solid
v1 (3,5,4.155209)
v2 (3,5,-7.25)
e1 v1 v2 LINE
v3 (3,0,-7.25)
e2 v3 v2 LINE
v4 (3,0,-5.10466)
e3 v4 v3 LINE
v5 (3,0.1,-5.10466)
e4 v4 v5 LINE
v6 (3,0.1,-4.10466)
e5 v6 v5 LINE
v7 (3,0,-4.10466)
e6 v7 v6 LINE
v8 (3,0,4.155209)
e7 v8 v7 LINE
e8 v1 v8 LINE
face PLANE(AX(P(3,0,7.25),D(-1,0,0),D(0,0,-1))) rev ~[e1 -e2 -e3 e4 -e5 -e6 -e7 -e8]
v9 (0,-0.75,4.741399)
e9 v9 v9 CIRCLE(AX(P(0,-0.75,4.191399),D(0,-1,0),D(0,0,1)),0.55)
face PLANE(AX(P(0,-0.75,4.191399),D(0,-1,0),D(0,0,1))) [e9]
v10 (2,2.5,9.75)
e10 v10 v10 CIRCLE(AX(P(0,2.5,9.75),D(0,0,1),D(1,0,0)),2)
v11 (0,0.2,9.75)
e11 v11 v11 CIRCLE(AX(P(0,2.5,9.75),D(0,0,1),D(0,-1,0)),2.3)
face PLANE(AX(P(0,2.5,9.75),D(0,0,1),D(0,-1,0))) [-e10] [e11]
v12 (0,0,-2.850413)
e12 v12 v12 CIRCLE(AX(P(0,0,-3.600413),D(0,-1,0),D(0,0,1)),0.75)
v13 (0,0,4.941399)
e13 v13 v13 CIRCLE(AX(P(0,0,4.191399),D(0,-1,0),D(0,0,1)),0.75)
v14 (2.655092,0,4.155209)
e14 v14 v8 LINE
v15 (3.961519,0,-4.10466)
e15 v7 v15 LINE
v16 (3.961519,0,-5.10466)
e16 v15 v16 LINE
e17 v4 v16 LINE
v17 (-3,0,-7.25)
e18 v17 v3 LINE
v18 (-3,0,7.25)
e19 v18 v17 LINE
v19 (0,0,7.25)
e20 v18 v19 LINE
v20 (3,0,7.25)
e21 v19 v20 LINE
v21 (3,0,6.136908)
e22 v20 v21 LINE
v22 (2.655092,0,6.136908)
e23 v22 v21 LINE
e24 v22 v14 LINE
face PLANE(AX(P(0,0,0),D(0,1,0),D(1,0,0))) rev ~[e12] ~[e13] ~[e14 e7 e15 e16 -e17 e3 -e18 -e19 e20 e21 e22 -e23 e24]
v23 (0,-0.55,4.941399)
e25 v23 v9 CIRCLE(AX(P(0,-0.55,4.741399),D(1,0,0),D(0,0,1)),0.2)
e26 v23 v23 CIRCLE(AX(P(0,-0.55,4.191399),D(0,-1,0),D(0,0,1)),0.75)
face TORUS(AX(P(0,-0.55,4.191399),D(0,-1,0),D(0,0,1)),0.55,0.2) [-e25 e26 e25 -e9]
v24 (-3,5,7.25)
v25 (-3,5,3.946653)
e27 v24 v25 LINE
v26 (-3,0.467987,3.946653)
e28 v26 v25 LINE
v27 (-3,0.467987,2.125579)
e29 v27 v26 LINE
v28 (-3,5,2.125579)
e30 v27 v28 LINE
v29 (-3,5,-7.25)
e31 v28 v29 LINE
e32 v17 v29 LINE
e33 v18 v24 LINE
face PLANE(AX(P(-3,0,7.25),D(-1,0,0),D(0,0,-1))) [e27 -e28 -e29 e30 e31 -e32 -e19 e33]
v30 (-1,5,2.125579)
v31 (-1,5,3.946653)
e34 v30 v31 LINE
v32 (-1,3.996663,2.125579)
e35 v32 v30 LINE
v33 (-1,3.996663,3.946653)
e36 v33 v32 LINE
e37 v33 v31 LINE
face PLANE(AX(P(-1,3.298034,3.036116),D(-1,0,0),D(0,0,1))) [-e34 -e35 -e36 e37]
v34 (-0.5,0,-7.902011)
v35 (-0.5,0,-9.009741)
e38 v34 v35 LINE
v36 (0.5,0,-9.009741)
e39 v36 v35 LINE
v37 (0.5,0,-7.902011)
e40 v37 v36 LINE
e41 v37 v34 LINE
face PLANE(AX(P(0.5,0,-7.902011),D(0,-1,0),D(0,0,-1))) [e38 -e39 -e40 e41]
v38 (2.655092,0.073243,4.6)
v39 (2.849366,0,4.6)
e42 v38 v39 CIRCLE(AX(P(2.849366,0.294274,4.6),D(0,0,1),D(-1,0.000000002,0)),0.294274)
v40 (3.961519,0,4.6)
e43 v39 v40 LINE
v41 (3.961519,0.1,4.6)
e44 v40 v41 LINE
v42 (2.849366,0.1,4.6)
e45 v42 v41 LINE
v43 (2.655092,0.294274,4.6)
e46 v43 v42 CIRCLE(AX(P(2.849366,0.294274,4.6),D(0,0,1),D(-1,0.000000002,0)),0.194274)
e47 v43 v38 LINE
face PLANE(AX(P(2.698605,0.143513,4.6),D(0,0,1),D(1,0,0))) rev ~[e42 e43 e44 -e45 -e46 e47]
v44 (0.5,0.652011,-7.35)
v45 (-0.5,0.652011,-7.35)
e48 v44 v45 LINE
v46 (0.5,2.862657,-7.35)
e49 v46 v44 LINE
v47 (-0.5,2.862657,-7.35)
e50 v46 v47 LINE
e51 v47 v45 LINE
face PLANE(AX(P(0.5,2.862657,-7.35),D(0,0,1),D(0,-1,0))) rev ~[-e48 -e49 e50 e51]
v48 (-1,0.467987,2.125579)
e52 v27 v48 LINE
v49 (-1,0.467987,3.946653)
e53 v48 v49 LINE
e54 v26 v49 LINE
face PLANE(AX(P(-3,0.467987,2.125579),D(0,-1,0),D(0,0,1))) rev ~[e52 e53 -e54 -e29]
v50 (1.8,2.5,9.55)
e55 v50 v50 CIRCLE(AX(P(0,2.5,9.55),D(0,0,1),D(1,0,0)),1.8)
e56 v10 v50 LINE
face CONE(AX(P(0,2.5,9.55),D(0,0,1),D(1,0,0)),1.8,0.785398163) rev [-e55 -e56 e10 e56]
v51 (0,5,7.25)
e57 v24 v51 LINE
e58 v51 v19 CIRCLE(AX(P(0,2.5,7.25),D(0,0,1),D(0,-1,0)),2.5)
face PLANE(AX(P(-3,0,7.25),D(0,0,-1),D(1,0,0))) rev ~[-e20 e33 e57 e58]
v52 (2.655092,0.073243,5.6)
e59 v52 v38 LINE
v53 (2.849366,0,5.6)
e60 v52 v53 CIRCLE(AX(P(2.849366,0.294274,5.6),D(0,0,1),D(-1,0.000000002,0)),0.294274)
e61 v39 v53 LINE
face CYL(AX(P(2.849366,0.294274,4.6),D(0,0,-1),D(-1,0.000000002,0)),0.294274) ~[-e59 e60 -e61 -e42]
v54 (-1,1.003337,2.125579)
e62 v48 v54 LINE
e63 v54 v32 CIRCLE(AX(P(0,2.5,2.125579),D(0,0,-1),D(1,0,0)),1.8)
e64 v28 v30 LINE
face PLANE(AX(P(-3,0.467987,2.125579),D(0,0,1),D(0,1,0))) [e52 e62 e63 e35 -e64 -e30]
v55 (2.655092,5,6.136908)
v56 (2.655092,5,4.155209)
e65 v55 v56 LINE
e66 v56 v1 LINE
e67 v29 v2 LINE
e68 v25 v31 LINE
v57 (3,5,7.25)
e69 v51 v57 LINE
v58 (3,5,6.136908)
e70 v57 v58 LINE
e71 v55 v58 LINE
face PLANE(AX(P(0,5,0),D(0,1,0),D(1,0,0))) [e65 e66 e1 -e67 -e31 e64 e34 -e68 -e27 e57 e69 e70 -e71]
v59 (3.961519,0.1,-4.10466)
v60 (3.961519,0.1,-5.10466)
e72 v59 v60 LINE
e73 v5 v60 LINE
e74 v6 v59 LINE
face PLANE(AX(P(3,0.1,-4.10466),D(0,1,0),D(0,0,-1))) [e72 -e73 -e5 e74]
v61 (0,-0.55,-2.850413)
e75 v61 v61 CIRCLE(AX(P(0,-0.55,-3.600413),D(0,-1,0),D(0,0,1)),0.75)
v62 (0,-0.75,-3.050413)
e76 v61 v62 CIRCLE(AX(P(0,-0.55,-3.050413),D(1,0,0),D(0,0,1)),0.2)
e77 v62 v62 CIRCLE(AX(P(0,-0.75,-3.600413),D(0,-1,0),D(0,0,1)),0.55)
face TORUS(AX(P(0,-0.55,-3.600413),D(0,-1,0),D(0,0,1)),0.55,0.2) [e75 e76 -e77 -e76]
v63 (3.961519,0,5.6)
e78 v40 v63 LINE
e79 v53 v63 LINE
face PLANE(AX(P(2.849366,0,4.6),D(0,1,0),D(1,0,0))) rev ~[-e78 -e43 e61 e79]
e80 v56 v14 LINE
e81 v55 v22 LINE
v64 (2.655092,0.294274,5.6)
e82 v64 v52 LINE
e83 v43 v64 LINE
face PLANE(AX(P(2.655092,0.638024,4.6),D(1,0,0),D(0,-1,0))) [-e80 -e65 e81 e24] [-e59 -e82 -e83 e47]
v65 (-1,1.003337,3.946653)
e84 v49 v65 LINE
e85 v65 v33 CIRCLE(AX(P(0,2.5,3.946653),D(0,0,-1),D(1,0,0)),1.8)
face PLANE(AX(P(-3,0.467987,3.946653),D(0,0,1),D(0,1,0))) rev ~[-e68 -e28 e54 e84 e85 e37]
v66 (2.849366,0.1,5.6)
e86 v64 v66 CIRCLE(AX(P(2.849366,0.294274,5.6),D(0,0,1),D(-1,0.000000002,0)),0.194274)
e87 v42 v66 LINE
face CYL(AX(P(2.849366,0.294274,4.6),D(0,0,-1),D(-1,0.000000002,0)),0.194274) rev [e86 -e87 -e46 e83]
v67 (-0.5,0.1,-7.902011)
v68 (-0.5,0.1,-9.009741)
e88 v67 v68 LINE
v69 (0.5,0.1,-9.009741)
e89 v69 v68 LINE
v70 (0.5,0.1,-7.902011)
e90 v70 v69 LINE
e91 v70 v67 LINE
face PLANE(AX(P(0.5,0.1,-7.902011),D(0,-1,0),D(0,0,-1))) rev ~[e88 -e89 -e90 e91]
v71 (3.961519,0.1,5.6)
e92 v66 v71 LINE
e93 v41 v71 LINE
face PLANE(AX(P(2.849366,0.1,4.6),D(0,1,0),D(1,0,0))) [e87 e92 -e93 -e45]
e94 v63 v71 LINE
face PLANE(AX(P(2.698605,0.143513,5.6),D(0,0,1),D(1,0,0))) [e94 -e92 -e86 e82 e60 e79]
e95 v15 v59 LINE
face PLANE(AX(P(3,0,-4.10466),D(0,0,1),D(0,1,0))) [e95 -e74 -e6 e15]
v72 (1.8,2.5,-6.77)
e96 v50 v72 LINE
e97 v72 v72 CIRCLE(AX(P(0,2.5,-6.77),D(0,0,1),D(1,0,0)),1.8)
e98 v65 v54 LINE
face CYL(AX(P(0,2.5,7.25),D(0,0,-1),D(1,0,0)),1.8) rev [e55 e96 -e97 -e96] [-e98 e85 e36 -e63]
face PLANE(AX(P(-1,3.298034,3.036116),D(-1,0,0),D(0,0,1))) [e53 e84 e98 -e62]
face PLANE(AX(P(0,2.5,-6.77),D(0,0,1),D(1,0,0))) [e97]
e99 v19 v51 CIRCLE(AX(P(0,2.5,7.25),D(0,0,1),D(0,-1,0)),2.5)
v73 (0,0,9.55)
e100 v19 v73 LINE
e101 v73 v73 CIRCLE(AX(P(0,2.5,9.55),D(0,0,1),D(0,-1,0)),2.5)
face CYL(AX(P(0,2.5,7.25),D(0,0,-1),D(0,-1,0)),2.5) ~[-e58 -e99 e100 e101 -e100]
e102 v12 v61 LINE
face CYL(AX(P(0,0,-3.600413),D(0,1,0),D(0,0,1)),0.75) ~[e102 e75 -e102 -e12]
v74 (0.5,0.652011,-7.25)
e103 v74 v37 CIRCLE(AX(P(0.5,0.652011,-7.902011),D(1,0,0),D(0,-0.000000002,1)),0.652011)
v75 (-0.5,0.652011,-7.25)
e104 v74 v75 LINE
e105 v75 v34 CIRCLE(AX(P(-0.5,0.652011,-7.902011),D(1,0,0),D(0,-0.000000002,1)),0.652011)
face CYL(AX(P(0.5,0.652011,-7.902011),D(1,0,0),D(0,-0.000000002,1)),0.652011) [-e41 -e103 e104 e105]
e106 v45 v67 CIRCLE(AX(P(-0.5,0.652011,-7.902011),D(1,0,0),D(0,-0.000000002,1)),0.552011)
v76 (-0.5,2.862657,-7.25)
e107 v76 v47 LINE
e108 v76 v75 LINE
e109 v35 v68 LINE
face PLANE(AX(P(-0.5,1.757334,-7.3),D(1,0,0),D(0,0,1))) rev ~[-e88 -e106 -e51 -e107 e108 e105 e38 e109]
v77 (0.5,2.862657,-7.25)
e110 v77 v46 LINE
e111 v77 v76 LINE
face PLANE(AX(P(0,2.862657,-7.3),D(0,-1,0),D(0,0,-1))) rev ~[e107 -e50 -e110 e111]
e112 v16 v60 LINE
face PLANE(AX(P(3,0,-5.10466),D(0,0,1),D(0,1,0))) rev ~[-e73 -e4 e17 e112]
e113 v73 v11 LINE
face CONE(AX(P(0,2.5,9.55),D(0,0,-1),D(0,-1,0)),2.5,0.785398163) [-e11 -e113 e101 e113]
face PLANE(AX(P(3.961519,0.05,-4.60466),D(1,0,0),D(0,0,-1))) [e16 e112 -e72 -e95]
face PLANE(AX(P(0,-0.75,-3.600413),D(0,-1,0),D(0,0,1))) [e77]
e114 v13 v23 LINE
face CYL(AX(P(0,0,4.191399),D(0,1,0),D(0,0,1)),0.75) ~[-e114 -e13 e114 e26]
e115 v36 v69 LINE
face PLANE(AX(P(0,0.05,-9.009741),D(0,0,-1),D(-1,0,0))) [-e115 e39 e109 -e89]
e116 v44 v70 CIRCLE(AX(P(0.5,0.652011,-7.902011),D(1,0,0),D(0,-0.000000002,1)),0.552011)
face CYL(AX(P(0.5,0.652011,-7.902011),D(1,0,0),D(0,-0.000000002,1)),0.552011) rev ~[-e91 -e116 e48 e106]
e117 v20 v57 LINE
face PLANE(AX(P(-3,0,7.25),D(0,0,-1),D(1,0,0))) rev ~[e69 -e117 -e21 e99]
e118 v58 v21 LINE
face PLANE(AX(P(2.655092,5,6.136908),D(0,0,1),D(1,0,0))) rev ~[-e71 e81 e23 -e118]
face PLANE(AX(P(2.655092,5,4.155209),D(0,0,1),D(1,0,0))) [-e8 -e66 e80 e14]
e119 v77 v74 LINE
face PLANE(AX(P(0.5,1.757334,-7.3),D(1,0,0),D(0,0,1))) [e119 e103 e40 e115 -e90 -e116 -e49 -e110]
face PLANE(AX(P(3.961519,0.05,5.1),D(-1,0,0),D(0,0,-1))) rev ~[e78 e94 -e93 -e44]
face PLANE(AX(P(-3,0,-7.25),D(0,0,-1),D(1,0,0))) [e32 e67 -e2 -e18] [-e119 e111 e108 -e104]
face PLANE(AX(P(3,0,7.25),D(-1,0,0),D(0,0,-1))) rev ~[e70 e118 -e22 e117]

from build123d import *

# Parameters (mm, degrees)
SKETCH2_W                = 6
SKETCH2_H                = 14.5
BOSS_EXTRUDE1_DEPTH      = 5
SKETCH3_R                = 2.5
SKETCH3_R_2              = 1.8
BOSS_EXTRUDE2_DEPTH      = 2.5
CHAMFER2_SIZE            = 0.2
CHAMFER3_SIZE            = 0.2
SKETCH4_R                = 1.8
CUT_EXTRUDE1_DEPTH       = 14.02
SKETCH5_R                = 0.75
BOSS_EXTRUDE3_DEPTH      = 0.75
FILLET1_R                = 0.2
SKETCH7_W                = 0.344908333
SKETCH7_H                = 1.981698852
CUT_EXTRUDE2_DEPTH       = 12.710038429
SURFACE_EXTRUDE1_1_BACK  = 0.5
SURFACE_EXTRUDE1_1_DEPTH = 1
THICKEN1_T1              = 0.1
SKETCH9_W                = 1
SKETCH9_H                = 0.1
BOSS_EXTRUDE4_DEPTH      = 0.961518788
SURFACE_EXTRUDE2_2_BACK  = 0.5
SURFACE_EXTRUDE2_2_DEPTH = 1
THICKEN2_T2              = 0.1
SKETCH11_W               = 1.821073917
SKETCH11_H               = 5.660094607
CUT_EXTRUDE3_DEPTH       = 2


with BuildPart() as part:
    # Sketch2 → Boss-Extrude1 (new body)
    with BuildSketch(Plane(origin=(0, 0, 0), x_dir=(1, 0, 0), z_dir=(0, 1, 0))):
        Rectangle(SKETCH2_W, SKETCH2_H)
    extrude(amount=BOSS_EXTRUDE1_DEPTH)

    # Sketch3 → Boss-Extrude2 (add)
    with BuildSketch(Plane.XY.offset(7.25)):
        with Locations(Location((0, 2.5, 0), (0, 0, 270))):
            Circle(SKETCH3_R)
        with Locations((0, 2.5)):
            Circle(SKETCH3_R_2, mode=Mode.SUBTRACT)
    extrude(amount=BOSS_EXTRUDE2_DEPTH)

    # Chamfer2
    chamfer2_edges = [part.edges().sort_by_distance(p)[0] for p in [
        (0, 5, 9.75),
    ]]
    chamfer(chamfer2_edges, length=CHAMFER2_SIZE)

    # Chamfer3
    chamfer3_edges = [part.edges().sort_by_distance(p)[0] for p in [
        (-1.8, 2.5, 9.75),
    ]]
    chamfer(chamfer3_edges, length=CHAMFER3_SIZE)

    # Sketch4 → Cut-Extrude1 (cut)
    with BuildSketch(Plane.XY.offset(7.25)):
        with Locations((0, 2.5)):
            Circle(SKETCH4_R)
    extrude(amount=-CUT_EXTRUDE1_DEPTH, mode=Mode.SUBTRACT)

    # Sketch5 → Boss-Extrude3 (add)
    with BuildSketch(Plane.XZ):
        with Locations(Location((0, 4.191398765, 0), (0, 0, 90))):
            Circle(SKETCH5_R)
        with Locations(Location((0, -3.600413433, 0), (0, 0, 90))):
            Circle(SKETCH5_R)
    extrude(amount=BOSS_EXTRUDE3_DEPTH)

    # Fillet1
    fillet1_edges = [part.edges().sort_by_distance(p)[0] for p in [
        (0, -0.75, 3.441398765),
        (0, -0.75, -4.350413433),
    ]]
    fillet(fillet1_edges, radius=FILLET1_R)

    # Sketch7 → Cut-Extrude2 (cut, through all)
    with BuildSketch(Plane(origin=(0, 5, 0), x_dir=(1, 0, 0), z_dir=(0, 1, 0))):
        with Locations((2.827545834, -5.146058424)):
            Rectangle(SKETCH7_W, SKETCH7_H)
    extrude(amount=-CUT_EXTRUDE2_DEPTH, mode=Mode.SUBTRACT)

    # Surface-Extrude1: a surface, the sketch's curves swept straight by 1 mm
    with BuildLine(Plane.XY.offset(5.1).offset(-SURFACE_EXTRUDE1_1_BACK), mode=Mode.PRIVATE) as surface_extrude1_1_path:
        Line((2.555091667, 0.638024488), (2.555091667, 0.294273869))
        ThreePointArc((2.555091667, 0.294273869), (2.641282487, 0.086190821), (2.849365536, 0))
        Line((2.849365536, 0), (3.961518788, 0))
    surface_extrude1_1 = Shell.extrude(surface_extrude1_1_path.wire(), (0 * SURFACE_EXTRUDE1_1_DEPTH, 0 * SURFACE_EXTRUDE1_1_DEPTH, 1 * SURFACE_EXTRUDE1_1_DEPTH))
    add(Solid.thicken(surface_extrude1_1, THICKEN1_T1))

    # Sketch9 → Boss-Extrude4 (add)
    with BuildSketch(Plane(origin=(3, 0, 0), x_dir=(0, 0, -1), z_dir=(1, 0, 0))):
        with Locations((4.604659924, 0.05)):
            Rectangle(SKETCH9_W, SKETCH9_H)
    extrude(amount=BOSS_EXTRUDE4_DEPTH)

    # Surface-Extrude2: a surface, the sketch's curves swept straight by 1 mm
    with BuildLine(Plane.ZY.offset(-SURFACE_EXTRUDE2_2_BACK), mode=Mode.PRIVATE) as surface_extrude2_2_path:
        Line((-7.25, 2.862656565), (-7.25, 0.652010512))
        ThreePointArc((-7.25, 0.652010512), (-7.440969458, 0.190969458), (-7.902010512, 0))
        Line((-7.902010512, 0), (-9.009741204, 0))
    surface_extrude2_2 = Shell.extrude(surface_extrude2_2_path.wire(), (-1 * SURFACE_EXTRUDE2_2_DEPTH, 0 * SURFACE_EXTRUDE2_2_DEPTH, 0 * SURFACE_EXTRUDE2_2_DEPTH))
    add(Solid.thicken(surface_extrude2_2, -THICKEN2_T2))

    # Sketch11 → Cut-Extrude3 (cut)
    with BuildSketch(Plane.ZY.offset(3)):
        with Locations((3.036115989, 3.2980341)):
            Rectangle(SKETCH11_W, SKETCH11_H)
    extrude(amount=-CUT_EXTRUDE3_DEPTH, mode=Mode.SUBTRACT)


solid = part.part
